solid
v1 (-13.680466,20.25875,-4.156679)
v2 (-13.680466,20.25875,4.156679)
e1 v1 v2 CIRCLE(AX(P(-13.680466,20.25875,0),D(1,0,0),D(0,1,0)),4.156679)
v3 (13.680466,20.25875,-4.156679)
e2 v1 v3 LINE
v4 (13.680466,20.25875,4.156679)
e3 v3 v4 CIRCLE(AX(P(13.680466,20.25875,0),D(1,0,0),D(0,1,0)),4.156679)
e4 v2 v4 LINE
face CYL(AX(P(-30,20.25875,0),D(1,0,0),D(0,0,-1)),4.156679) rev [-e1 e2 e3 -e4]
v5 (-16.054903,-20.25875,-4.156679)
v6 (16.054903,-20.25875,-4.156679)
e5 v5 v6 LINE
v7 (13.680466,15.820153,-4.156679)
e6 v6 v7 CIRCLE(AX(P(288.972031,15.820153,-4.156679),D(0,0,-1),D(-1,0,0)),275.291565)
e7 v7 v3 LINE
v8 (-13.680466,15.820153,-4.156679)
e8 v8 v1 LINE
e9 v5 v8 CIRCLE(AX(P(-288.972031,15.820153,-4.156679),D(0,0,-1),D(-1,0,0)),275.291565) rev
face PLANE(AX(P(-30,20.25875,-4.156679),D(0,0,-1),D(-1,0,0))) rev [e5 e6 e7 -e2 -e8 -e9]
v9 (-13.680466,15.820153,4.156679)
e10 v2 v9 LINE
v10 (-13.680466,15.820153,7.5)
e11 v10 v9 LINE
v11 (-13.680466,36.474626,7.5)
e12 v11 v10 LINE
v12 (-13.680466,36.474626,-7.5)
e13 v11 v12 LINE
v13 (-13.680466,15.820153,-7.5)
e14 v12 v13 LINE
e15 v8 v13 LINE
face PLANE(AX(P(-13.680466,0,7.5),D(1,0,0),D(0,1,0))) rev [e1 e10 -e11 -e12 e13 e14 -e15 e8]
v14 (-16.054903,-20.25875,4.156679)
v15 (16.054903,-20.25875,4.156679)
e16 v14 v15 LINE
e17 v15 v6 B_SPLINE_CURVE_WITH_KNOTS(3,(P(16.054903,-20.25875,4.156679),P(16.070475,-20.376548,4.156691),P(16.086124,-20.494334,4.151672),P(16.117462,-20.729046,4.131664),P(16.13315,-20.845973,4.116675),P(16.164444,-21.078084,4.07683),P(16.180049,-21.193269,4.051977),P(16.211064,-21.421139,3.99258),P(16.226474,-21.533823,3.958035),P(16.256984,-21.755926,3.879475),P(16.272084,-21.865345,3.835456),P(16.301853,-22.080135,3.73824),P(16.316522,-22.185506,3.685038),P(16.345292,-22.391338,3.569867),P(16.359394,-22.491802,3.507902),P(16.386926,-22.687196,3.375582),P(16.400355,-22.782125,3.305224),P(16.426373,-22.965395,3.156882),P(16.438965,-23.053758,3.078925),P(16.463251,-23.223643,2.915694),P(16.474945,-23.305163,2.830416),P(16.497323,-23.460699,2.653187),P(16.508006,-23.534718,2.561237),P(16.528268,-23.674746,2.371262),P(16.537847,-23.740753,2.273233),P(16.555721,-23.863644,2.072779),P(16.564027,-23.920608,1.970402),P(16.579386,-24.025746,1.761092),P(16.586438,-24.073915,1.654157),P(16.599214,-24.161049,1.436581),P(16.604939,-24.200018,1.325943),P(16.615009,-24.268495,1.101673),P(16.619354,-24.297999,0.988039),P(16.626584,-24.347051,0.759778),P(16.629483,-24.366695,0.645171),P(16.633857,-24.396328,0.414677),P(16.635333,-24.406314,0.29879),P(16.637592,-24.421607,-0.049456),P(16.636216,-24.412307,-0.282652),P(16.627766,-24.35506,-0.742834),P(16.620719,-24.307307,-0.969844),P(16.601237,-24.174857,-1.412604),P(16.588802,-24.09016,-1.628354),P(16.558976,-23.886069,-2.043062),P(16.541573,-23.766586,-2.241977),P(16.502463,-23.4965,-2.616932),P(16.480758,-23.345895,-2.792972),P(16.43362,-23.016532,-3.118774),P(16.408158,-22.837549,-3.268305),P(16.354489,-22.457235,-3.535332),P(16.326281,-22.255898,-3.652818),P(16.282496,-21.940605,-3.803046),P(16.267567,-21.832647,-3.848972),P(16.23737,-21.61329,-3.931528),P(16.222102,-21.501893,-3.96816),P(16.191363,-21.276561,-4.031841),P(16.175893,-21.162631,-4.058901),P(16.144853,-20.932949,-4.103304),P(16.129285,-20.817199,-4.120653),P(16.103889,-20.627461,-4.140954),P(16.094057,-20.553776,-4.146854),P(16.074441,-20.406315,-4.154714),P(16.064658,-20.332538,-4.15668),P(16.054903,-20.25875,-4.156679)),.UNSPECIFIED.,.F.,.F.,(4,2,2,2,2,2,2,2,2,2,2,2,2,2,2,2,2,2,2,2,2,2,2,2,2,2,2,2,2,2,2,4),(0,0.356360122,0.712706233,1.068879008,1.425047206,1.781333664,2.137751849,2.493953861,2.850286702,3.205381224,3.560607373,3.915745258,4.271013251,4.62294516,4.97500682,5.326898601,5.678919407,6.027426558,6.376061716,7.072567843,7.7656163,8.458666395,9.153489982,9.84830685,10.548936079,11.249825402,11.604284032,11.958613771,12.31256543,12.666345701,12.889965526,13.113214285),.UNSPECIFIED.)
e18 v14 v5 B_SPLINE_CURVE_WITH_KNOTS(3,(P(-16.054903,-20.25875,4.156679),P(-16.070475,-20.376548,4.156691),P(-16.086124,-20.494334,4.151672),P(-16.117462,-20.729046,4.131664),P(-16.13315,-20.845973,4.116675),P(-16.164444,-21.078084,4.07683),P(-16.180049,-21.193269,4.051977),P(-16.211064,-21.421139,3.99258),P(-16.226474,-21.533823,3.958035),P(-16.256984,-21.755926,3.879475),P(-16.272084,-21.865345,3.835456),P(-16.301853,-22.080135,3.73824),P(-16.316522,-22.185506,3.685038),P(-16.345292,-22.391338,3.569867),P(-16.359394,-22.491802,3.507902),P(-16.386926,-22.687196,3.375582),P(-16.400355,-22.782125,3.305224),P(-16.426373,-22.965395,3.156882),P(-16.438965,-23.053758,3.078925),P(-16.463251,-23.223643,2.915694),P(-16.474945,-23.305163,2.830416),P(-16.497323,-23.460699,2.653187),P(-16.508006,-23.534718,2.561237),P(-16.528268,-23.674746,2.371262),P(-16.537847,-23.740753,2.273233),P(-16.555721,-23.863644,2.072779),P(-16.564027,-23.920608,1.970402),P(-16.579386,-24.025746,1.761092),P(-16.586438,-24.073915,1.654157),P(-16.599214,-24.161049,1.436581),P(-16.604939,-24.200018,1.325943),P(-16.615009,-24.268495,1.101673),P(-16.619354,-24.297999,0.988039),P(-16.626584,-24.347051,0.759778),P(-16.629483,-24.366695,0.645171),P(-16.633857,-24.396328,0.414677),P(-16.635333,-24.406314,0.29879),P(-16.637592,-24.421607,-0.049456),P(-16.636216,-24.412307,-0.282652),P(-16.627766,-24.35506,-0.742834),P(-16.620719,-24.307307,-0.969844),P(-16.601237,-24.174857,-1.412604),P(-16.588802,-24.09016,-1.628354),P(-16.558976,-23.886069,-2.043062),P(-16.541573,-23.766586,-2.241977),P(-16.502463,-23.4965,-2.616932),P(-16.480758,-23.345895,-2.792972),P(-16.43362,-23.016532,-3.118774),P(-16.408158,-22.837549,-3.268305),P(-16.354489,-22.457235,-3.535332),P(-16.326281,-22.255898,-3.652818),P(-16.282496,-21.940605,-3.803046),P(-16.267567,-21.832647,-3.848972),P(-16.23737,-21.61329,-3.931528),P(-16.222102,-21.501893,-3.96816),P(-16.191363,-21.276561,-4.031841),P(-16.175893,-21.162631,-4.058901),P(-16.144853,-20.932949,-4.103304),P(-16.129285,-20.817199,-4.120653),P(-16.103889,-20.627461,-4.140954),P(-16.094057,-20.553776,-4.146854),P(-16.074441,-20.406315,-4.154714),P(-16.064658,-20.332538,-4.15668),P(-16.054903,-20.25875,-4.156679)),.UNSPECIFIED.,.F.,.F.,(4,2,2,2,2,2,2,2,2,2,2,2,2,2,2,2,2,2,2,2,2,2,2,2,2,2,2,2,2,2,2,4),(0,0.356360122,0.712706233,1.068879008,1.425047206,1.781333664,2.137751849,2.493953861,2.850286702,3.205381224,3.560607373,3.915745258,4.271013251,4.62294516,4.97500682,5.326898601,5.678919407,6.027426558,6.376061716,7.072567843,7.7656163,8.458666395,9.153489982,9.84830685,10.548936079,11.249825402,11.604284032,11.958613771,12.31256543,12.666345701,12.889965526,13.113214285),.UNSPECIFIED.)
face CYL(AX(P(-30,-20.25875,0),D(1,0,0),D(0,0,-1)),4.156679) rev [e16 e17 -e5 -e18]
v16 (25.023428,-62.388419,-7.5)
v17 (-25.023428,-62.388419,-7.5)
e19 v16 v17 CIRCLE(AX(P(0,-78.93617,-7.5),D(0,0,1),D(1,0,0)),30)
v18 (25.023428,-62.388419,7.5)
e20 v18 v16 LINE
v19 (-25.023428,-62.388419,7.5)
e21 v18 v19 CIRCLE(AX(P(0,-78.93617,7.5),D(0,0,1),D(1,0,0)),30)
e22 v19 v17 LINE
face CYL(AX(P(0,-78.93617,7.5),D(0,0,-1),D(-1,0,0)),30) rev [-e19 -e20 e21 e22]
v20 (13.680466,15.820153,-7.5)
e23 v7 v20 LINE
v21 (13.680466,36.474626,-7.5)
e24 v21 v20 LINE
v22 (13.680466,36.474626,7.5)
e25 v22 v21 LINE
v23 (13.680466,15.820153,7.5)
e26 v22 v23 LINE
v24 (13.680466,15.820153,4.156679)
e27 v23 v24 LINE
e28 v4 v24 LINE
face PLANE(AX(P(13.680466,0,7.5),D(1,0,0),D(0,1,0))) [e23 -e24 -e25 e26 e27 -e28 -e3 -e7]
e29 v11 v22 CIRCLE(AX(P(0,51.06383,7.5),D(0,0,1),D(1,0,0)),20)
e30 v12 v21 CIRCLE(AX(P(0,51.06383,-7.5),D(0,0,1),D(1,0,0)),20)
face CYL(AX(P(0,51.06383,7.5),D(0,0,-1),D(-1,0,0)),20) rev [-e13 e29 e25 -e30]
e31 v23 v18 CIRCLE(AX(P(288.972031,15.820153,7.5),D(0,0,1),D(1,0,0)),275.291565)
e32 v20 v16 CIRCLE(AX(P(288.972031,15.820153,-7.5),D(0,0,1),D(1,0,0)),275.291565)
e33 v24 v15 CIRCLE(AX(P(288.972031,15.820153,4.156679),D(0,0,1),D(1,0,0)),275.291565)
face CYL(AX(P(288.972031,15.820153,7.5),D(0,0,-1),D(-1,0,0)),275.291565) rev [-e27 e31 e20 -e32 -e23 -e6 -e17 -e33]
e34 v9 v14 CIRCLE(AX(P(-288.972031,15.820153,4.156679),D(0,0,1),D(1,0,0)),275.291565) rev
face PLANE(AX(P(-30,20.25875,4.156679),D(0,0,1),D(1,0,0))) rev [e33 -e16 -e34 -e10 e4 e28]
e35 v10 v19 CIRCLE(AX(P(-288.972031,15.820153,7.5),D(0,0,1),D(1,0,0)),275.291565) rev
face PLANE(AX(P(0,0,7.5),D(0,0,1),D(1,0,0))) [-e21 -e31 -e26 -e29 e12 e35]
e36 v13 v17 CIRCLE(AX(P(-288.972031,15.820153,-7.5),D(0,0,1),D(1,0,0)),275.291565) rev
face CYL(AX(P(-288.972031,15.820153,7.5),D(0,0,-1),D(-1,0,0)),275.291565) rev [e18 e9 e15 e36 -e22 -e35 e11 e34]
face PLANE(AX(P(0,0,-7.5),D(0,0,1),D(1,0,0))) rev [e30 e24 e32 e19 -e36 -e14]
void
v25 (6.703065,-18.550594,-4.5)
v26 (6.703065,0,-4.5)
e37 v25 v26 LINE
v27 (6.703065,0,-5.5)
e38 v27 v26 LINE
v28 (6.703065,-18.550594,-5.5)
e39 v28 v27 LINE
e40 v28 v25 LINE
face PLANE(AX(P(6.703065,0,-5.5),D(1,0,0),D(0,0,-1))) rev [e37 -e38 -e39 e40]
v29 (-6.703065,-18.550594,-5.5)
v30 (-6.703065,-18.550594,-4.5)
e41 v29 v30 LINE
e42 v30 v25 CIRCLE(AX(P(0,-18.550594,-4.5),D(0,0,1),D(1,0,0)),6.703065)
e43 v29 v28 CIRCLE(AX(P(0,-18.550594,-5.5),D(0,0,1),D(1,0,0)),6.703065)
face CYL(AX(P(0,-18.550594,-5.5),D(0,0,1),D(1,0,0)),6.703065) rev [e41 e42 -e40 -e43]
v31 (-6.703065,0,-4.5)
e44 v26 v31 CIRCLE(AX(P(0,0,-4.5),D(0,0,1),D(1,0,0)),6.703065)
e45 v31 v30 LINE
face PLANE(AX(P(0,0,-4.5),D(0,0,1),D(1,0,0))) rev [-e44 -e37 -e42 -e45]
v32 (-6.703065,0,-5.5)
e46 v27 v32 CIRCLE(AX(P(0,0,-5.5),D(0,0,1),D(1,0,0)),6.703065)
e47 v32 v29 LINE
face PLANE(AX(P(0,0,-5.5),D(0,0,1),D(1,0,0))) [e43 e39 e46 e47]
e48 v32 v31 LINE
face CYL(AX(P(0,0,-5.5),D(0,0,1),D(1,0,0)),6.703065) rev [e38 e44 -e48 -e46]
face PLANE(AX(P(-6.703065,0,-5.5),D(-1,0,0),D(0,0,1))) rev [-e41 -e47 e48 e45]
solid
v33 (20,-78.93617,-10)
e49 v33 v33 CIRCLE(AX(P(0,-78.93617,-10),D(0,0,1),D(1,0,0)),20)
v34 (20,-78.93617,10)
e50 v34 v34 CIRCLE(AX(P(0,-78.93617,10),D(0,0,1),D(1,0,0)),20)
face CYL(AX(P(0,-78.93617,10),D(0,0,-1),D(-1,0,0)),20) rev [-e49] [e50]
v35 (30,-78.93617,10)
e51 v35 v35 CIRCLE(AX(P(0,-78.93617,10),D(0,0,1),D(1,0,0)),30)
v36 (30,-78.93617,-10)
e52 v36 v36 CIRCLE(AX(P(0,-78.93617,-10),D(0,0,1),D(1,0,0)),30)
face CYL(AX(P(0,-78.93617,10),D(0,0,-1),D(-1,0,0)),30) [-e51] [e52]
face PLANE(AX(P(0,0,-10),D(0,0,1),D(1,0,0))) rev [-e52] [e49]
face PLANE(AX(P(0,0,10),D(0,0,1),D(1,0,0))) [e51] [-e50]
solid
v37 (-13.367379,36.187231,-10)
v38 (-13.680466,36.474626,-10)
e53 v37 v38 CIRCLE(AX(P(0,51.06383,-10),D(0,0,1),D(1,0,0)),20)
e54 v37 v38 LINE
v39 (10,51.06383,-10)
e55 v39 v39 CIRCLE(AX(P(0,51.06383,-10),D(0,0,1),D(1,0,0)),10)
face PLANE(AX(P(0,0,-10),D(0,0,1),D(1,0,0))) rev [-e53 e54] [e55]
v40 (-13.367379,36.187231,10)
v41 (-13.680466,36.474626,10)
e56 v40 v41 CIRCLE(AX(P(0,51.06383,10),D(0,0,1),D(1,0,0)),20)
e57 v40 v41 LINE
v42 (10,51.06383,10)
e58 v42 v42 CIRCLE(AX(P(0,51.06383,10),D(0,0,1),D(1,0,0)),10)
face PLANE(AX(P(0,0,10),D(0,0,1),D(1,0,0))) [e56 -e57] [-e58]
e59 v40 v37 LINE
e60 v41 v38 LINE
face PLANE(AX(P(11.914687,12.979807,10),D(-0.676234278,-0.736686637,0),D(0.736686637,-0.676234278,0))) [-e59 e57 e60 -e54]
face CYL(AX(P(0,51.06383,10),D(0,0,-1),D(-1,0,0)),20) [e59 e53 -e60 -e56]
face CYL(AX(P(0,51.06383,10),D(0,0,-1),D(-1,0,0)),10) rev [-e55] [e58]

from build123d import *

# Parameters (mm, degrees)
SKETCH1_R               = 10
BOSS_EXTRUDE1_DEPTH     = 10
SKETCH1_R_2             = 30
SKETCH1_R_3             = 20
BOSS_EXTRUDE1_2_DEPTH   = 10
BOSS_EXTRUDE4_DEPTH     = 7.5
CUT_EXTRUDE1_DEPTH      = 114.433192588
CUT_EXTRUDE1_DEPTH_BACK = 117.433192588
CUT_EXTRUDE1_START      = 3
CUT_EXTRUDE2_START      = -5
CUT_EXTRUDE2_DEPTH      = 0.5


with BuildPart() as part:
    # Sketch1 → Boss-Extrude1 (new, symmetric)
    with BuildSketch(Plane.XY):
        with BuildLine():
            Line((-13.680465752, 36.474626355), (-13.367378576, 36.187231049))
            ThreePointArc((-13.367378576, 36.187231049), (13.524685568, 65.797562521), (-13.680465752, 36.474626355))
        make_face()
        with Locations((0, 51.063829787)):
            Circle(SKETCH1_R, mode=Mode.SUBTRACT)
    extrude(amount=BOSS_EXTRUDE1_DEPTH, both=True)


with BuildPart() as body_2:
    # Sketch1 → Boss-Extrude1 2 (new, symmetric)
    with BuildSketch(Plane.XY):
        with Locations((0, -78.936170213)):
            Circle(SKETCH1_R_2)
        with Locations((0, -78.936170213)):
            Circle(SKETCH1_R_3, mode=Mode.SUBTRACT)
    extrude(amount=BOSS_EXTRUDE1_2_DEPTH, both=True)


with BuildPart() as body_3:
    # Sketch1<4> → Boss-Extrude4 (new, symmetric)
    with BuildSketch(Plane.XY):
        with BuildLine():
            ThreePointArc((13.680465752, 36.474626355), (0.212496848, 31.064958692), (-13.367378576, 36.187231049))
            ThreePointArc((-13.367378576, 36.187231049), (-13.524685568, 36.330097053), (-13.680465752, 36.474626355))
            Line((-13.680465752, 36.474626355), (-13.680465752, 15.820153121))
            ThreePointArc((-13.680465752, 15.820153121), (-16.530963998, -23.693273772), (-25.023427937, -62.38841948))
            ThreePointArc((-25.023427937, -62.38841948), (0, -48.936170213), (25.023427937, -62.38841948))
            ThreePointArc((25.023427937, -62.38841948), (16.530963998, -23.693273772), (13.680465752, 15.820153121))
            Line((13.680465752, 15.820153121), (13.680465752, 36.474626355))
        make_face()
    extrude(amount=BOSS_EXTRUDE4_DEPTH, both=True)

    # Sketch2 → Cut-Extrude1 (cut, two sides: drawn at the far end of the back side and taken through both)
    with BuildSketch(Plane(origin=(0, 0, 0), x_dir=(0, 0, -1), z_dir=(1, 0, 0)).offset(CUT_EXTRUDE1_START - CUT_EXTRUDE1_DEPTH_BACK)):
        with BuildLine():
            Line((4.156679083, 20.258749921), (4.156679083, -20.258749921))
            ThreePointArc((4.156679083, -20.258749921), (0, -24.415429004), (-4.156679083, -20.258749921))
            Line((-4.156679083, -20.258749921), (-4.156679083, 20.258749921))
            ThreePointArc((-4.156679083, 20.258749921), (0, 24.415429004), (4.156679083, 20.258749921))
        make_face()
    extrude(amount=CUT_EXTRUDE1_DEPTH + CUT_EXTRUDE1_DEPTH_BACK, mode=Mode.SUBTRACT)

    # Sketch3 → Cut-Extrude2 (cut, symmetric)
    with BuildSketch(Plane.XY.offset(CUT_EXTRUDE2_START)):
        with BuildLine():
            Line((6.703065473, 0), (6.703065473, -18.550593617))
            ThreePointArc((6.703065473, -18.550593617), (0, -25.25365909), (-6.703065473, -18.550593617))
            Line((-6.703065473, -18.550593617), (-6.703065473, 0))
            ThreePointArc((-6.703065473, 0), (0, 6.703065473), (6.703065473, 0))
        make_face()
    extrude(amount=CUT_EXTRUDE2_DEPTH, both=True, mode=Mode.SUBTRACT)


solid = Compound([part.part, body_2.part, body_3.part])
